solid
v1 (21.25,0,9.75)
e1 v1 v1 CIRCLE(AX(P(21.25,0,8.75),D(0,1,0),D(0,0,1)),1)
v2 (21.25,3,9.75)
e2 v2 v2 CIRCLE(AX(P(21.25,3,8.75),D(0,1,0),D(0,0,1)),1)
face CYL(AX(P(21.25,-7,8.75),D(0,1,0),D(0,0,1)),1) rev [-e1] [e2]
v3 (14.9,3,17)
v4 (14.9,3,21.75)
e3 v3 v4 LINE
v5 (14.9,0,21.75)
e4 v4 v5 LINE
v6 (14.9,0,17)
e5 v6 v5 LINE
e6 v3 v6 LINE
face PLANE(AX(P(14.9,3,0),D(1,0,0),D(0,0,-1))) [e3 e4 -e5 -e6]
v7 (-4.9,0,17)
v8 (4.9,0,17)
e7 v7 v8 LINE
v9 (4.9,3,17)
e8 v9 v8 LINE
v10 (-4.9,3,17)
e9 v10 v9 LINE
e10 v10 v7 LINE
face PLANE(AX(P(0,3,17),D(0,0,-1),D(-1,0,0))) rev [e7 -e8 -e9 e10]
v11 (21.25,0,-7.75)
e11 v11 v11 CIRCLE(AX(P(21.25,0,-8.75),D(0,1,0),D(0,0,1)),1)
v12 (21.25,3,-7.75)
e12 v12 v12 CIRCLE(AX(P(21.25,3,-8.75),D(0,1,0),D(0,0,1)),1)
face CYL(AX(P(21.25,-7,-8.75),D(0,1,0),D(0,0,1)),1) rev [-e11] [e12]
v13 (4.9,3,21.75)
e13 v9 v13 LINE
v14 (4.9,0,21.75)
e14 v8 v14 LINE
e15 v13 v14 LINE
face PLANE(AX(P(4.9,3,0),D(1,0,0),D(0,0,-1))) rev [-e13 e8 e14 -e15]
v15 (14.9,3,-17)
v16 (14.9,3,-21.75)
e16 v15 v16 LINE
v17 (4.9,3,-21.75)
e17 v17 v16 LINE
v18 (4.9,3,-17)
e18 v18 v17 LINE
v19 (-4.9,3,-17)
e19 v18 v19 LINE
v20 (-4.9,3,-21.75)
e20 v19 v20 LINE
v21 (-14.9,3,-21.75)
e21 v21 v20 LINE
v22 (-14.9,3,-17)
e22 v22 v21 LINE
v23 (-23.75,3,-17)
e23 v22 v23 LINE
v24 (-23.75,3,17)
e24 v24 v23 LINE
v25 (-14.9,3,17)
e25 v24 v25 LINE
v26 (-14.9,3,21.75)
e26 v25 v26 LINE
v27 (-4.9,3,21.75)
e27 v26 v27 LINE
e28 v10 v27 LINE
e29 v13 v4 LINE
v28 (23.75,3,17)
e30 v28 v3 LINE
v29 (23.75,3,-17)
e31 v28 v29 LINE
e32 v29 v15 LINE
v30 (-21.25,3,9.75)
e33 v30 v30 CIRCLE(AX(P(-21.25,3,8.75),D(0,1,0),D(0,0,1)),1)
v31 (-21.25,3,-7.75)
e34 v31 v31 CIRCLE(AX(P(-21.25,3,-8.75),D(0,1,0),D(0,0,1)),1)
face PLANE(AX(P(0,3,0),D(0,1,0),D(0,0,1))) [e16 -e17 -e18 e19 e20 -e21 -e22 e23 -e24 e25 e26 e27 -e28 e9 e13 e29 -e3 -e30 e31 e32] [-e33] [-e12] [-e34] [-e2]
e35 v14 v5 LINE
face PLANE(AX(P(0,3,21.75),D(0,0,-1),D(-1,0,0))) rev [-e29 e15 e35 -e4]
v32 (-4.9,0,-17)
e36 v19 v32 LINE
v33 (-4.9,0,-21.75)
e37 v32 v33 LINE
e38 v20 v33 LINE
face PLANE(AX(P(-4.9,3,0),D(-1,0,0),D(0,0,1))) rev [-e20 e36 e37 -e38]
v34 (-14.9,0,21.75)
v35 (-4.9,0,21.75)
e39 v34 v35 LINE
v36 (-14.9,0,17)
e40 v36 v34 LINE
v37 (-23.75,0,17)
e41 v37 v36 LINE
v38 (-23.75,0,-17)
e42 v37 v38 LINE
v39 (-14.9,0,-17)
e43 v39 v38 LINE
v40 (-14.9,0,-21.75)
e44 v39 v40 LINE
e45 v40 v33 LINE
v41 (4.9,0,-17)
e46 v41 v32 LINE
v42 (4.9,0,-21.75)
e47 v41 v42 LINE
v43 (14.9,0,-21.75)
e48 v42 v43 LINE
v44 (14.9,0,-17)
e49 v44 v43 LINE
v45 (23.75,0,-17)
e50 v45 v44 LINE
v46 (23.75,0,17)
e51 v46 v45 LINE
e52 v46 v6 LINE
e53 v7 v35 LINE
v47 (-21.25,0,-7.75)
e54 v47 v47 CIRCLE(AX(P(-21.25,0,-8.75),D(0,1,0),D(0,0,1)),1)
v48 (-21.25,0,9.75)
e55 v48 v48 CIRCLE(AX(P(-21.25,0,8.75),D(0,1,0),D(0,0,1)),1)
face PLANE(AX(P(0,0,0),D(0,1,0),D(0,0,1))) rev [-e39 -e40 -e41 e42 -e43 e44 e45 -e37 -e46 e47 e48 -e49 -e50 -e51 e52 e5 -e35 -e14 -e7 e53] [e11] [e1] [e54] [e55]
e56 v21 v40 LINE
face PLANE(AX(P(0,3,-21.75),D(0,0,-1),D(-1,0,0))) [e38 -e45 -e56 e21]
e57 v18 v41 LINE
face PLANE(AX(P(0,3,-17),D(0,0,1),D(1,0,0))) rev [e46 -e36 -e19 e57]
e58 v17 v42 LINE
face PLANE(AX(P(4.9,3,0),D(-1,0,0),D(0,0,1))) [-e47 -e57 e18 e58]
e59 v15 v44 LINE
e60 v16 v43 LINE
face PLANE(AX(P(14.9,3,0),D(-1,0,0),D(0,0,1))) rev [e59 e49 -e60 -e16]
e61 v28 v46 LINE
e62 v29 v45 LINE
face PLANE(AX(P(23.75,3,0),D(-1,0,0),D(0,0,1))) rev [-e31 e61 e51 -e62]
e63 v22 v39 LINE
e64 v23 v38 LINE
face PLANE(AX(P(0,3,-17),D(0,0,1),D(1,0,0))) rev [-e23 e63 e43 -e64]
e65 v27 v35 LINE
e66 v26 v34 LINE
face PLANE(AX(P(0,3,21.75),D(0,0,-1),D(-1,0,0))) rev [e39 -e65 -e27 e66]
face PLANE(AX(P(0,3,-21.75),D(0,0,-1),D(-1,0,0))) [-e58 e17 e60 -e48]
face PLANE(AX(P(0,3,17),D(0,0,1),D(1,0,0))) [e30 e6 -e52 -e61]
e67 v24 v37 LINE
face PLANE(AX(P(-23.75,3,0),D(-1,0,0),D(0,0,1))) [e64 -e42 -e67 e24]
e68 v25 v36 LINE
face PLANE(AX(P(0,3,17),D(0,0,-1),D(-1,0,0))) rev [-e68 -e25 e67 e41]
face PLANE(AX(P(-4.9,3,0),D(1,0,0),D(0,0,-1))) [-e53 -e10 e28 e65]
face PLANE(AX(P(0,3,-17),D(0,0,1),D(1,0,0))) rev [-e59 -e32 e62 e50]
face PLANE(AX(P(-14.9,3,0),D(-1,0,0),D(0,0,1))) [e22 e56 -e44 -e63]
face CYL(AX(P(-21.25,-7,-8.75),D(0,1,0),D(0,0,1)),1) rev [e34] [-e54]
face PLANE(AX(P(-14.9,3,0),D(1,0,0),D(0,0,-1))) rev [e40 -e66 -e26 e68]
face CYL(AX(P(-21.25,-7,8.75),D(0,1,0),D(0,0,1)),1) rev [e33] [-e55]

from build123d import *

# Parameters (mm, degrees)
BOSS_EXTRUDE1_DEPTH = 3
SKETCH2_R           = 1
CUT_EXTRUDE1_DEPTH  = 10


with BuildPart() as part:
    # Sketch1 → Boss-Extrude1 (new body)
    with BuildSketch(Plane(origin=(0, 0, 0), x_dir=(1, 0, 0), z_dir=(0, 1, 0))):
        Polygon((4.9, 17), (4.9, 21.75), (14.9, 21.75), (14.9, 17), (23.75, 17), (23.75, -17), (14.9, -17), (14.9, -21.75), (4.9, -21.75), (4.9, -17), (-4.9, -17), (-4.9, -21.75), (-14.9, -21.75), (-14.9, -17), (-23.75, -17), (-23.75, 17), (-14.9, 17), (-14.9, 21.75), (-4.9, 21.75), (-4.9, 17), align=None)
    extrude(amount=BOSS_EXTRUDE1_DEPTH)

    # Sketch2 → Cut-Extrude1 (cut)
    with BuildSketch(Plane(origin=(0, 3, 0), x_dir=(1, 0, 0), z_dir=(0, 1, 0))):
        with Locations(Location((-21.25, 8.75, 0), (0, 0, 270))):
            Circle(SKETCH2_R)
        with Locations(Location((-21.25, -8.75, 0), (0, 0, 270))):
            Circle(SKETCH2_R)
        with Locations(Location((21.25, -8.75, 0), (0, 0, 270))):
            Circle(SKETCH2_R)
        with Locations(Location((21.25, 8.75, 0), (0, 0, 270))):
            Circle(SKETCH2_R)
    extrude(amount=-CUT_EXTRUDE1_DEPTH, mode=Mode.SUBTRACT)


solid = part.part
